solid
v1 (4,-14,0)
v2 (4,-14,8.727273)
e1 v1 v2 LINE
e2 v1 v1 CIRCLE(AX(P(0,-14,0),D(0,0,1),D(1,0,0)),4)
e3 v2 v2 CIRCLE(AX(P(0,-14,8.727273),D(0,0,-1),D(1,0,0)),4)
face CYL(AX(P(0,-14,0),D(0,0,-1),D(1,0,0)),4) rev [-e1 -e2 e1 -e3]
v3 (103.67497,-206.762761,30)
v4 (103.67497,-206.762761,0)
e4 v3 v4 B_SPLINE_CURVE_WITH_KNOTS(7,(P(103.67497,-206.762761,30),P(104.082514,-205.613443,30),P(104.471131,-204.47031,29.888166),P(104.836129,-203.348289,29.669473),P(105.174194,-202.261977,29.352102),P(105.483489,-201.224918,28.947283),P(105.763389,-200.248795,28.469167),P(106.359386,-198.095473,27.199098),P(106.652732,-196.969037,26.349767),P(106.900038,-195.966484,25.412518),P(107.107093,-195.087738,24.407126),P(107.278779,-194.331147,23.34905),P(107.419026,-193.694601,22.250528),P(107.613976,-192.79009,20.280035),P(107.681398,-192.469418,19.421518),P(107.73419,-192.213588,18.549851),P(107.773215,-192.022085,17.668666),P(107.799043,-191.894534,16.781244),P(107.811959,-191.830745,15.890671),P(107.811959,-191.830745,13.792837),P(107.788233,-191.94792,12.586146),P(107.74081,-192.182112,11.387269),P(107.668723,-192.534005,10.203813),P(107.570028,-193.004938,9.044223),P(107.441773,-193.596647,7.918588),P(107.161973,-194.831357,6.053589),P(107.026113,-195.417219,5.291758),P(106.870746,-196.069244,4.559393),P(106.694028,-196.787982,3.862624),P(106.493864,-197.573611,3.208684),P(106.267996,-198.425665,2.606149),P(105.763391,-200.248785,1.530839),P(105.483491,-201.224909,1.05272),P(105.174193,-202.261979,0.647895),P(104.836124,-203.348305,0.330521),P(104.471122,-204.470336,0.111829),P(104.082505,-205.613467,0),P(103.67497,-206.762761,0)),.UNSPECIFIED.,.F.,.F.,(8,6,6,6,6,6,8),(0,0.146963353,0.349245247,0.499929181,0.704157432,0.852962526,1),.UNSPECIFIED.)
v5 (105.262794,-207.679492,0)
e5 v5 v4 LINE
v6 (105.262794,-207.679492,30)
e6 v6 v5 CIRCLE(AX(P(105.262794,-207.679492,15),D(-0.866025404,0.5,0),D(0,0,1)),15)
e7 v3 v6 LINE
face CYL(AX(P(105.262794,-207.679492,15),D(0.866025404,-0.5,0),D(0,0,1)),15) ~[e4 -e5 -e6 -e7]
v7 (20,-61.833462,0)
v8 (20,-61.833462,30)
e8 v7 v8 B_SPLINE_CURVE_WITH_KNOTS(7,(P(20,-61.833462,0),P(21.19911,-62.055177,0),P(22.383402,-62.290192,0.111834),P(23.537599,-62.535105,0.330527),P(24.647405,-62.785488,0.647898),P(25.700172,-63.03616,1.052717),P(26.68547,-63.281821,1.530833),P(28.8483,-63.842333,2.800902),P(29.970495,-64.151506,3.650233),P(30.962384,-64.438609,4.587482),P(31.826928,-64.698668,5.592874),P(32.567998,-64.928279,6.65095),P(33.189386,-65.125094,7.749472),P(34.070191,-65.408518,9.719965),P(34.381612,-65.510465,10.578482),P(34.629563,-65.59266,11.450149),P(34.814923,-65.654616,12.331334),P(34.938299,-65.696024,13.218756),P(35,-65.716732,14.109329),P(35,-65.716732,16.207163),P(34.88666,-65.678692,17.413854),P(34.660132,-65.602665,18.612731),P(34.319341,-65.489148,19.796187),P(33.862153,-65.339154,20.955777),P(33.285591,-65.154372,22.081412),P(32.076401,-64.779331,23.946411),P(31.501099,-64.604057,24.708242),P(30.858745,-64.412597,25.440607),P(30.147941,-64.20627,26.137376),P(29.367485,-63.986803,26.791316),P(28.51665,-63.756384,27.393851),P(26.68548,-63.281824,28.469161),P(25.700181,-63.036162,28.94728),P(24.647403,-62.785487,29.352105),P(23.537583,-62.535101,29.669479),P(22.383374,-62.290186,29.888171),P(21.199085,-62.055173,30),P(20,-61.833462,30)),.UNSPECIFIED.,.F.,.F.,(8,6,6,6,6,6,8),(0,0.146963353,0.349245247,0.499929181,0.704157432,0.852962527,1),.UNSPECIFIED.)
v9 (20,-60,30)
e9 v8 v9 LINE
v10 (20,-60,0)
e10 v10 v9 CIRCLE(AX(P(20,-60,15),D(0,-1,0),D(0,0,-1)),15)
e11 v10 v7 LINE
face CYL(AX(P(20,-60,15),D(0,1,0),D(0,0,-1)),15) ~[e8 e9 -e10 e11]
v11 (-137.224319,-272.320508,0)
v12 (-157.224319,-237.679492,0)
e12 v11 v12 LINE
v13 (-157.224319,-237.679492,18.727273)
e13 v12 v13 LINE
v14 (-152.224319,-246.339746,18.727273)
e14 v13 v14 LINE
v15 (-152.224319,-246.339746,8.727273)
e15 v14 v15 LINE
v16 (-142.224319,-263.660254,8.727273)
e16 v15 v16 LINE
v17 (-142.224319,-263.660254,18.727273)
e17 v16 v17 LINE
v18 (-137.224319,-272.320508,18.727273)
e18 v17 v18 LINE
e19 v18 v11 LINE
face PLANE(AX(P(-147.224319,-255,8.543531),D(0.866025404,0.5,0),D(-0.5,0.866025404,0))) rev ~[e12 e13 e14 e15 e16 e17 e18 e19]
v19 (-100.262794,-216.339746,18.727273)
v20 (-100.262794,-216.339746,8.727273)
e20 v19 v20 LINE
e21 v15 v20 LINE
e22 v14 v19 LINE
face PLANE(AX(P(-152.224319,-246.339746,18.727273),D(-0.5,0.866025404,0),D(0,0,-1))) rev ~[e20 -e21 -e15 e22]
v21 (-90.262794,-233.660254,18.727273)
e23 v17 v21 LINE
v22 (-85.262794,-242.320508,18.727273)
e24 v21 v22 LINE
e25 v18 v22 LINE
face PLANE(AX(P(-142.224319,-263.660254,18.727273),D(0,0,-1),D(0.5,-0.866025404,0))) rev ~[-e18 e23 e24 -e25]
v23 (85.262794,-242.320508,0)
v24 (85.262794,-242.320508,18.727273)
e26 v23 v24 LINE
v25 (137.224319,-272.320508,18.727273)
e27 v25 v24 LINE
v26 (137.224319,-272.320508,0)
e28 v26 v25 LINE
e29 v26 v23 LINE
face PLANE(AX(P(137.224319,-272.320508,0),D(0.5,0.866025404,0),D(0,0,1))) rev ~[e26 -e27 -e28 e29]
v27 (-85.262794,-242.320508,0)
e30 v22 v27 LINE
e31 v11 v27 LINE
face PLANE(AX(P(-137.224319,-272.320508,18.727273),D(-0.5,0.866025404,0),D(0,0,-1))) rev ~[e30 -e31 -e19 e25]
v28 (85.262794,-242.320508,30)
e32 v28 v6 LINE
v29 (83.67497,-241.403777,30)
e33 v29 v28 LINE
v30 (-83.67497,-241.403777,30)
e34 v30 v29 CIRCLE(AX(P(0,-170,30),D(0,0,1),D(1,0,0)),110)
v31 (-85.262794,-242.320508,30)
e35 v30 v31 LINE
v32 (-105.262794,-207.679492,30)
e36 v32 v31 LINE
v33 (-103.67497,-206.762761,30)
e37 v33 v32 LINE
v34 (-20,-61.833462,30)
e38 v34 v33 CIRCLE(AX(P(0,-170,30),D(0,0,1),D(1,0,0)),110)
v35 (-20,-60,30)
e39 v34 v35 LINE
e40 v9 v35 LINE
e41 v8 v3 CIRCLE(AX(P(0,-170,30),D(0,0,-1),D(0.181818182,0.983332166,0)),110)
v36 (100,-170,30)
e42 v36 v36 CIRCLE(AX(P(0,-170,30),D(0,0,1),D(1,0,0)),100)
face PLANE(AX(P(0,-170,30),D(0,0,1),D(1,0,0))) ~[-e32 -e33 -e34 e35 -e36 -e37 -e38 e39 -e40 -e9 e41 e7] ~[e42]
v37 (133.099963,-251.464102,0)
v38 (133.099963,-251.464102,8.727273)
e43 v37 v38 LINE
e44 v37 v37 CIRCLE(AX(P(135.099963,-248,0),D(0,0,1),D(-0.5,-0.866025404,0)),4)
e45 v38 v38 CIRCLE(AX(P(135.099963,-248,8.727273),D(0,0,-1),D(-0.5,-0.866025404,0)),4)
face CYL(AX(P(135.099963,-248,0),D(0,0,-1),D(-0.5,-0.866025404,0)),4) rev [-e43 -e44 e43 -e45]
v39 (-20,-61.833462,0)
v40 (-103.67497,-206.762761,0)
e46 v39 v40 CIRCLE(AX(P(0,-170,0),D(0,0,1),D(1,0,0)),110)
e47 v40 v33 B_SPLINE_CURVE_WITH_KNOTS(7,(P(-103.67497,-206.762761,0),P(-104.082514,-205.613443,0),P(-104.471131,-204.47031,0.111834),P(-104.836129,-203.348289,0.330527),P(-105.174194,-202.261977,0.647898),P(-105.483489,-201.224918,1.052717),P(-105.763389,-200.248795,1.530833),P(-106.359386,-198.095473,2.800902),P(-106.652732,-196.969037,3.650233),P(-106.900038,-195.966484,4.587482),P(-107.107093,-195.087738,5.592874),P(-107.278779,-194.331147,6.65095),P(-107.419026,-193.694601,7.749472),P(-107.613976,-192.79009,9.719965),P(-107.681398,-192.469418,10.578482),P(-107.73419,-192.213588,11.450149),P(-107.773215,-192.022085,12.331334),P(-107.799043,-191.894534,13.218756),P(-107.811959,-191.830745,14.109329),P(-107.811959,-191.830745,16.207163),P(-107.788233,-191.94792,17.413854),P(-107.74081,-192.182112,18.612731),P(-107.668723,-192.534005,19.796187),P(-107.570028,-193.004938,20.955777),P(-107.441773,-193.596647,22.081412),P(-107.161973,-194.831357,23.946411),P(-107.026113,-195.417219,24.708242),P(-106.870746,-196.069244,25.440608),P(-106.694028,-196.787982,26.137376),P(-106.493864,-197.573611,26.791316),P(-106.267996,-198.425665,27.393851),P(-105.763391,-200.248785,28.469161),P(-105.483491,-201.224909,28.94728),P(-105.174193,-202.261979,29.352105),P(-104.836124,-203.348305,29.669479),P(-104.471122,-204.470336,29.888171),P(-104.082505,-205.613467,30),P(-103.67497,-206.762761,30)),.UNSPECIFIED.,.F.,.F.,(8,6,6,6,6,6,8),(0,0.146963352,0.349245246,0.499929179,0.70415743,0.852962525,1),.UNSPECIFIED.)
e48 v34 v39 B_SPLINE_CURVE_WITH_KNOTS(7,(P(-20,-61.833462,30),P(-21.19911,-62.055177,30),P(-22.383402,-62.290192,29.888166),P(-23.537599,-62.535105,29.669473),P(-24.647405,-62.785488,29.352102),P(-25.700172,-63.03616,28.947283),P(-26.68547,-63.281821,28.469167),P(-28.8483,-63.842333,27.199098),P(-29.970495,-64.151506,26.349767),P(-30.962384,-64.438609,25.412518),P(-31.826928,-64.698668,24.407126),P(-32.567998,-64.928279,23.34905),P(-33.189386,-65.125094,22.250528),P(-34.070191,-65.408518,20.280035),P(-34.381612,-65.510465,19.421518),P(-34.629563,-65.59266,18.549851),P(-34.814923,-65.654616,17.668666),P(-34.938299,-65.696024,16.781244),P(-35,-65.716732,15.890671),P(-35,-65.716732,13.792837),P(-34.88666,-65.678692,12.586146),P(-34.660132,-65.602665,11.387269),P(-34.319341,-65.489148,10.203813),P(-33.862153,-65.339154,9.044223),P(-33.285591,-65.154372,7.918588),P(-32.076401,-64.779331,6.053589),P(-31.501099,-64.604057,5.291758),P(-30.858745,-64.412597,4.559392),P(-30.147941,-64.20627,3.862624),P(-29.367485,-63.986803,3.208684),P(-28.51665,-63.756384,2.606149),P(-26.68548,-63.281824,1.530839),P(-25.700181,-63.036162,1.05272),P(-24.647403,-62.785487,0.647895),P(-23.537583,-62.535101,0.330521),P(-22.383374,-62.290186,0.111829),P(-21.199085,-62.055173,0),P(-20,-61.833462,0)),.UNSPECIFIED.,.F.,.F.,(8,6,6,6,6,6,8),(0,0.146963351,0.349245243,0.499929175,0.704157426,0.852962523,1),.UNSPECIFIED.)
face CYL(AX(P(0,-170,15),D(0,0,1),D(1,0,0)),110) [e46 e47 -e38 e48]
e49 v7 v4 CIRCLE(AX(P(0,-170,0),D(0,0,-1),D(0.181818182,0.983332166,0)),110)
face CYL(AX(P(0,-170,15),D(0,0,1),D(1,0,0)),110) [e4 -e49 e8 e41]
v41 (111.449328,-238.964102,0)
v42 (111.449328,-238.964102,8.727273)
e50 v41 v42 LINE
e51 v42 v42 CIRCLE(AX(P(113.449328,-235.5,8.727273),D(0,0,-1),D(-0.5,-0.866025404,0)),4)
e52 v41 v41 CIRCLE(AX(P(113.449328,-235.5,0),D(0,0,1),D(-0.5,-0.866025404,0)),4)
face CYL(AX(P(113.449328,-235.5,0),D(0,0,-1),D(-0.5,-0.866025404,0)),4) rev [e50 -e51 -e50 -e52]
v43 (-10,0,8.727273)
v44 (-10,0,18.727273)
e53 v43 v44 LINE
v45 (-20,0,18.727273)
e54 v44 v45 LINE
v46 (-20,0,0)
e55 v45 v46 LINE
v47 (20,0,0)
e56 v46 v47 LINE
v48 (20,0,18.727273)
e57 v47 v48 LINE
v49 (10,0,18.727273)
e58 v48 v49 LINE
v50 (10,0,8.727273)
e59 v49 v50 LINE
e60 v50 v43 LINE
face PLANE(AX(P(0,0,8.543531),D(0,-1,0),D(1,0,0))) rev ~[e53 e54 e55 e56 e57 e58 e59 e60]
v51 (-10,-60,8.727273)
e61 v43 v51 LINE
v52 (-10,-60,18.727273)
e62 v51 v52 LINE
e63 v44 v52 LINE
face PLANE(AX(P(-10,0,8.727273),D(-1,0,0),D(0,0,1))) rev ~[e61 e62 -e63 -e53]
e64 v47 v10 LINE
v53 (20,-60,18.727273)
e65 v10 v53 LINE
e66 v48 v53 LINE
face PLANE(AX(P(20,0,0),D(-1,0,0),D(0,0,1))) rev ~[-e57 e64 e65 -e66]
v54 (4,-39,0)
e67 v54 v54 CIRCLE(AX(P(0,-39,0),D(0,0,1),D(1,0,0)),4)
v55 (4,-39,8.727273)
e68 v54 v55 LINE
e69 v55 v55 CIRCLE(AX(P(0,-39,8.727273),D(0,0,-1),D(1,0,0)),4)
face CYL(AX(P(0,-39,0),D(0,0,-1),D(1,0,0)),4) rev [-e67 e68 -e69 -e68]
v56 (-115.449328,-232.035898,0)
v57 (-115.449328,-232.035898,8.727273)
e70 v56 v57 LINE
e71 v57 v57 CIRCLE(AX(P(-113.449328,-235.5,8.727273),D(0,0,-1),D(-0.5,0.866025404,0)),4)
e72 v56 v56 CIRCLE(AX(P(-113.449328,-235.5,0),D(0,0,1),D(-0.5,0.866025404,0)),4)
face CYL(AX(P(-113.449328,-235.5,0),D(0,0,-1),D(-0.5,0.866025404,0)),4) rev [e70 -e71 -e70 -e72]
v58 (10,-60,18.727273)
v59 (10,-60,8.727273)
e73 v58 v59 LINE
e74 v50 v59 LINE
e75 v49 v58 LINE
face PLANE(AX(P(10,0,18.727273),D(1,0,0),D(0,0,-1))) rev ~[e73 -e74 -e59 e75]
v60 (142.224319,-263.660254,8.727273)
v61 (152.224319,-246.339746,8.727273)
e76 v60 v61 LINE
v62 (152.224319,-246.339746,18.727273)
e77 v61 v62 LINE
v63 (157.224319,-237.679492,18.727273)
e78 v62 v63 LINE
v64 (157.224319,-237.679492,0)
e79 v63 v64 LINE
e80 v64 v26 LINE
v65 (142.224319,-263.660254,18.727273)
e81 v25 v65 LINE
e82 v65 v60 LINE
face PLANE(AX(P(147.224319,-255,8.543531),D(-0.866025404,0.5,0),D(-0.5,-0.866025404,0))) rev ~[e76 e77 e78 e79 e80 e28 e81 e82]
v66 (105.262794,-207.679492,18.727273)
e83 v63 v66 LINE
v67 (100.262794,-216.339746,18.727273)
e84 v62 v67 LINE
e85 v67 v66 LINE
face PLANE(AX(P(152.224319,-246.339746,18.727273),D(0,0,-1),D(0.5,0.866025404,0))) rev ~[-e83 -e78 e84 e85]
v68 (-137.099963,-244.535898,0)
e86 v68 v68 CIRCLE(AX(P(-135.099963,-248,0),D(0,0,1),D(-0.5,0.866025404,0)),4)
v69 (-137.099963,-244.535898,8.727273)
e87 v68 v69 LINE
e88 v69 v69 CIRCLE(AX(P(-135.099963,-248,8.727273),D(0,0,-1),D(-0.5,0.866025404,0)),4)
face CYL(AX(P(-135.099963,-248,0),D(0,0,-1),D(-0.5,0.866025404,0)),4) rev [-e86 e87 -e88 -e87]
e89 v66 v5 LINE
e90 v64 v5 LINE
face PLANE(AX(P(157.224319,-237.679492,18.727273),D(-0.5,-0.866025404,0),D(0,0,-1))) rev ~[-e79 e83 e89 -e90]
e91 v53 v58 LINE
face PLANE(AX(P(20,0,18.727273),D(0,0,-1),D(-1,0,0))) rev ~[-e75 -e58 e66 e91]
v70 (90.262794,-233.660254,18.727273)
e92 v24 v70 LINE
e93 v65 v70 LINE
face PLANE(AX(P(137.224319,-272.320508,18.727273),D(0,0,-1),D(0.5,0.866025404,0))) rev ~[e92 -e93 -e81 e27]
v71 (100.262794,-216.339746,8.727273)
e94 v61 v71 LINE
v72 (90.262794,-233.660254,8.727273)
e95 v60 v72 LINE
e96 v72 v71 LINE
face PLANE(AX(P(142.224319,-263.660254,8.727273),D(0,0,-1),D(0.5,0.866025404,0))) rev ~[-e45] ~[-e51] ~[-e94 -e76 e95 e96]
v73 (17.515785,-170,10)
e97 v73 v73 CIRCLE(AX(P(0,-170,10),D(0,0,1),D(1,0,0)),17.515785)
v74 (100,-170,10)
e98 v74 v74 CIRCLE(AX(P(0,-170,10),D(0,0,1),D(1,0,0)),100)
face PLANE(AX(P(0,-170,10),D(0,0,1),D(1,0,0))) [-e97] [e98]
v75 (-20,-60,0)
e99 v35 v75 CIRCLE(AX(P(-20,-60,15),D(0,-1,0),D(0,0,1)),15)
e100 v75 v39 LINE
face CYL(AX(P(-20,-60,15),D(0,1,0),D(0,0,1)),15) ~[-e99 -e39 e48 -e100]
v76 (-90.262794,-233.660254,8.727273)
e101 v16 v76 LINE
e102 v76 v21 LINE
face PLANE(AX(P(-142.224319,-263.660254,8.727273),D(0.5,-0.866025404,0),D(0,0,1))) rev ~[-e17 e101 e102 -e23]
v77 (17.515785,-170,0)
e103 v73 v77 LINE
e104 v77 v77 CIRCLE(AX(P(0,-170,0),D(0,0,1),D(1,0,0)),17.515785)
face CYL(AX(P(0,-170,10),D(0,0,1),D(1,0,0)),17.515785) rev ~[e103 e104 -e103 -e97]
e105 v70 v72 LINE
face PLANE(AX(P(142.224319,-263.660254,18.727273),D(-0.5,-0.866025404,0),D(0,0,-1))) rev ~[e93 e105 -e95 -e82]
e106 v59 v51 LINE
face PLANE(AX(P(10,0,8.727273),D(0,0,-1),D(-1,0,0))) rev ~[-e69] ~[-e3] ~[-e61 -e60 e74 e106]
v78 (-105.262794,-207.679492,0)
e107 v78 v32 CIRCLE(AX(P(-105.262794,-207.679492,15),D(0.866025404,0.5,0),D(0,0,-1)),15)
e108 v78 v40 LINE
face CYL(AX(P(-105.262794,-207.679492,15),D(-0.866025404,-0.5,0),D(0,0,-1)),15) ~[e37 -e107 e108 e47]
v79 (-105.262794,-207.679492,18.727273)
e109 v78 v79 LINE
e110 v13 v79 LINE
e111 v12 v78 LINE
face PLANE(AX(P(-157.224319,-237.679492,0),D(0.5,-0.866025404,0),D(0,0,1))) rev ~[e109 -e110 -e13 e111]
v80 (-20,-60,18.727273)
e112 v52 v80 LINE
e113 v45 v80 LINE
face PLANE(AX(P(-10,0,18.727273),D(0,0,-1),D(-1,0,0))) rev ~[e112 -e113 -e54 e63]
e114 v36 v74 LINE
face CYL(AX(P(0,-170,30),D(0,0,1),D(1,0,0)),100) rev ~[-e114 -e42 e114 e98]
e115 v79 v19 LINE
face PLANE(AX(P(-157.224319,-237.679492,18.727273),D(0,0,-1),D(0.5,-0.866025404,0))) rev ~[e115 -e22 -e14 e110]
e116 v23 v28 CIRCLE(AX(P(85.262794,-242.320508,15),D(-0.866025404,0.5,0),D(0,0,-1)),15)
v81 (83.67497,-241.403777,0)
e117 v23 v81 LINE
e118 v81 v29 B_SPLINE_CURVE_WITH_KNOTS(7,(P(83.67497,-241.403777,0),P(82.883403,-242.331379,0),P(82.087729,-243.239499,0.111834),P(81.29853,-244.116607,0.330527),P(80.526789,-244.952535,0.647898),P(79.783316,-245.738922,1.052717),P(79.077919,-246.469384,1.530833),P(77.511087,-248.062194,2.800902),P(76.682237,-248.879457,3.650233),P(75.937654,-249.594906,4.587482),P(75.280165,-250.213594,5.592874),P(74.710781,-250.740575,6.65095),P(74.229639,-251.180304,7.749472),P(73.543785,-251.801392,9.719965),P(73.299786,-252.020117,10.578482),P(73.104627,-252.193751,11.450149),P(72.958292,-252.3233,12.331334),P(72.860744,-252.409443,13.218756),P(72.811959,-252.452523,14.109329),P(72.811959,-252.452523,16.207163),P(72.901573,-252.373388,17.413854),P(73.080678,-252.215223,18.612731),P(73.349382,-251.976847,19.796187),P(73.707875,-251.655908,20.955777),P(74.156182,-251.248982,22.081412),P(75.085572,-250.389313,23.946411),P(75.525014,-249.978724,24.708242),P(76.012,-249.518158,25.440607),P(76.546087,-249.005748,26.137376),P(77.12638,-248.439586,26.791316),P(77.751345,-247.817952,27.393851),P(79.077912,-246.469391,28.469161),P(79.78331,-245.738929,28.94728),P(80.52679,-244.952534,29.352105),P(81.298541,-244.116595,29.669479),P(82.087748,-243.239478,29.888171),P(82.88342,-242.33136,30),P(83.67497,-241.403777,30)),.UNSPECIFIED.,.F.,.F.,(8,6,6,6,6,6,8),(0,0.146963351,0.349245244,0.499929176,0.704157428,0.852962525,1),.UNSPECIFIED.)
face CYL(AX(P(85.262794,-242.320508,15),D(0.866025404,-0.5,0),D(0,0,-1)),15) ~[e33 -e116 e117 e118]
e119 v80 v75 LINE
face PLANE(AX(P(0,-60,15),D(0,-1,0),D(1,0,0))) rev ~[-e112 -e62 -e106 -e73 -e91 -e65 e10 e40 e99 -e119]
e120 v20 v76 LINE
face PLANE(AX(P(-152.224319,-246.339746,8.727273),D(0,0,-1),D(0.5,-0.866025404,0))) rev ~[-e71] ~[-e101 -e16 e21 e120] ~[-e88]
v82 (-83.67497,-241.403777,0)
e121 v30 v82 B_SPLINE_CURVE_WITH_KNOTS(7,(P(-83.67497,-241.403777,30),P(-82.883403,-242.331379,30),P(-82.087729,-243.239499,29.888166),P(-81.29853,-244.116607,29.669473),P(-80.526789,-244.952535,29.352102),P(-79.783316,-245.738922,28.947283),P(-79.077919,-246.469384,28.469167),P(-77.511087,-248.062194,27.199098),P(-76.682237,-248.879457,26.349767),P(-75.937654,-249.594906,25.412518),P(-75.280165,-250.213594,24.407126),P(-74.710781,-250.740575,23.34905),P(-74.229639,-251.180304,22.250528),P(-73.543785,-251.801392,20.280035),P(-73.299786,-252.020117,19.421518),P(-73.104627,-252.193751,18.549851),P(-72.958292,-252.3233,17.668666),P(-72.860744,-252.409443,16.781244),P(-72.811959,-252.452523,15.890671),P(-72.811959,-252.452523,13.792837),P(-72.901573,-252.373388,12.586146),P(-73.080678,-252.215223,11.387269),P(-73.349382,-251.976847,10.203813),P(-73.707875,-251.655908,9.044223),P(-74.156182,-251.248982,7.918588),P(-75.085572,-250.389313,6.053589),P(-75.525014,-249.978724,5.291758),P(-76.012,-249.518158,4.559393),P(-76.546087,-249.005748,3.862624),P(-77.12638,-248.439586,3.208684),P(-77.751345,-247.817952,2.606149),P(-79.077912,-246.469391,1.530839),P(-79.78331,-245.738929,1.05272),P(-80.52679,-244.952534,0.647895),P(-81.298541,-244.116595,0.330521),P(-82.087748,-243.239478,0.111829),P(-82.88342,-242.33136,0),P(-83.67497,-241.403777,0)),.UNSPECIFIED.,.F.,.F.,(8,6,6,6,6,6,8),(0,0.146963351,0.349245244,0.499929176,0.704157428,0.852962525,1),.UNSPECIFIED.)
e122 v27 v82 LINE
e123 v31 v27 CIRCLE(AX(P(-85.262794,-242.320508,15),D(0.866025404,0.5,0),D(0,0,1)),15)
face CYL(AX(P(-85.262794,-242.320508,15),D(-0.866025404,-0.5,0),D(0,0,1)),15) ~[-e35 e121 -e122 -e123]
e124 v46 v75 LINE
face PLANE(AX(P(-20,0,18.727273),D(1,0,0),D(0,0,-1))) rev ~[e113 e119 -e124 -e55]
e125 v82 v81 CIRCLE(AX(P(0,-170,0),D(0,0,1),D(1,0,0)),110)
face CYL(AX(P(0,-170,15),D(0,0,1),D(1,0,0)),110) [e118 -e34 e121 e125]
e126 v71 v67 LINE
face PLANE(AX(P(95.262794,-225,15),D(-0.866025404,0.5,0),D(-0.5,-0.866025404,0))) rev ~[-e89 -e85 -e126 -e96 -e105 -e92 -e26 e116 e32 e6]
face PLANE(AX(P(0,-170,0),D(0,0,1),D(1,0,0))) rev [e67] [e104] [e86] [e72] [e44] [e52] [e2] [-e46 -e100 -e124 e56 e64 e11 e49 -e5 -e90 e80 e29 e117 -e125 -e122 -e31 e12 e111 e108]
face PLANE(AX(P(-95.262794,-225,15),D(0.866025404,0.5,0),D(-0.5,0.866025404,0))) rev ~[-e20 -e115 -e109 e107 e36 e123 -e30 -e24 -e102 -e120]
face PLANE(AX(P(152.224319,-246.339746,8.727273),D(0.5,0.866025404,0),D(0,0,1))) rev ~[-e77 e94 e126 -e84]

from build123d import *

# Parameters (mm, degrees)
F1_DEPTH  = 60
F3_DEPTH  = 5
F4_R      = 4
F5_DEPTH  = 30.001
F6_DEPTH  = 10
F10_COUNT = 3
F10_ANGLE = 240
F8_W      = 110
F8_H      = 30
F12_R     = 100
F13_DEPTH = 20
F14_R     = 17.5157850189
F15_DEPTH = 10.0010001


with BuildPart() as f1:
    # F0 (on Front) → F1 (new body)
    with BuildSketch(Plane.XZ):
        Polygon((-20, 18.7272732889), (-20, 0), (20, 0), (20, 18.7272732889), (10, 18.7272732889), (10, 8.7272732889), (-10, 8.7272732889), (-10, 18.7272732889), align=None)
    extrude(amount=F1_DEPTH)

    # F2 (on face) → F3 (join)
    with BuildSketch(Plane.XZ.offset(60)):
        with BuildLine():
            ThreePointArc((-20, 30), (-35, 15), (-20, 0))
            Line((-20, 0), (20, 0))
            ThreePointArc((20, 0), (35, 15), (20, 30))
            Line((20, 30), (-20, 30))
        make_face()
    extrude(amount=F3_DEPTH)

    # F4 (on Top) → F5 (cut, through all)
    with BuildSketch(Plane.XY):
        with Locations((0, -39)):
            Circle(F4_R)
        with Locations((0, -14)):
            Circle(F4_R)
    extrude(amount=F5_DEPTH, mode=Mode.SUBTRACT)

    # F2 (on face) → F6 (join)
    with BuildSketch(Plane.XZ.offset(60)):
        with BuildLine():
            ThreePointArc((-20, 30), (-35, 15), (-20, 0))
            Line((-20, 0), (20, 0))
            ThreePointArc((20, 0), (35, 15), (20, 30))
            Line((20, 30), (-20, 30))
        make_face()
    extrude(amount=F6_DEPTH)


with BuildPart() as f10_1:
    # F10: instance of F1
    add(f1.part.rotate(Axis((0, -170, 15), (0, 0, 1)), 1 * F10_ANGLE / (F10_COUNT - 1)))


with BuildPart() as f10_2:
    # F10: instance of F1
    add(f1.part.rotate(Axis((0, -170, 15), (0, 0, 1)), 2 * F10_ANGLE / (F10_COUNT - 1)))


with BuildPart() as f1_1:
    add(f1.part)

    add(f10_1.part)  # F11 merges F10_1

    add(f10_2.part)  # F11 merges F10_2
    # F8 (on offset) → F11 (revolve)
    with BuildSketch(Plane.XZ.offset(170)):
        with Locations((55, 15)):
            Rectangle(F8_W, F8_H)
    revolve(axis=Axis((0, -170, 4.4428613037), (0, 0, 1)))

    # F12 (on face) → F13 (cut)
    with BuildSketch(Plane.XY.offset(30)):
        with Locations((0, -170)):
            Circle(F12_R)
    extrude(amount=-F13_DEPTH, mode=Mode.SUBTRACT)

    # F14 (on face) → F15 (cut, through all)
    with BuildSketch(Plane.XY.offset(10)):
        with Locations((0, -170)):
            Circle(F14_R)
    extrude(amount=-F15_DEPTH, mode=Mode.SUBTRACT)


solid = f1_1.part
